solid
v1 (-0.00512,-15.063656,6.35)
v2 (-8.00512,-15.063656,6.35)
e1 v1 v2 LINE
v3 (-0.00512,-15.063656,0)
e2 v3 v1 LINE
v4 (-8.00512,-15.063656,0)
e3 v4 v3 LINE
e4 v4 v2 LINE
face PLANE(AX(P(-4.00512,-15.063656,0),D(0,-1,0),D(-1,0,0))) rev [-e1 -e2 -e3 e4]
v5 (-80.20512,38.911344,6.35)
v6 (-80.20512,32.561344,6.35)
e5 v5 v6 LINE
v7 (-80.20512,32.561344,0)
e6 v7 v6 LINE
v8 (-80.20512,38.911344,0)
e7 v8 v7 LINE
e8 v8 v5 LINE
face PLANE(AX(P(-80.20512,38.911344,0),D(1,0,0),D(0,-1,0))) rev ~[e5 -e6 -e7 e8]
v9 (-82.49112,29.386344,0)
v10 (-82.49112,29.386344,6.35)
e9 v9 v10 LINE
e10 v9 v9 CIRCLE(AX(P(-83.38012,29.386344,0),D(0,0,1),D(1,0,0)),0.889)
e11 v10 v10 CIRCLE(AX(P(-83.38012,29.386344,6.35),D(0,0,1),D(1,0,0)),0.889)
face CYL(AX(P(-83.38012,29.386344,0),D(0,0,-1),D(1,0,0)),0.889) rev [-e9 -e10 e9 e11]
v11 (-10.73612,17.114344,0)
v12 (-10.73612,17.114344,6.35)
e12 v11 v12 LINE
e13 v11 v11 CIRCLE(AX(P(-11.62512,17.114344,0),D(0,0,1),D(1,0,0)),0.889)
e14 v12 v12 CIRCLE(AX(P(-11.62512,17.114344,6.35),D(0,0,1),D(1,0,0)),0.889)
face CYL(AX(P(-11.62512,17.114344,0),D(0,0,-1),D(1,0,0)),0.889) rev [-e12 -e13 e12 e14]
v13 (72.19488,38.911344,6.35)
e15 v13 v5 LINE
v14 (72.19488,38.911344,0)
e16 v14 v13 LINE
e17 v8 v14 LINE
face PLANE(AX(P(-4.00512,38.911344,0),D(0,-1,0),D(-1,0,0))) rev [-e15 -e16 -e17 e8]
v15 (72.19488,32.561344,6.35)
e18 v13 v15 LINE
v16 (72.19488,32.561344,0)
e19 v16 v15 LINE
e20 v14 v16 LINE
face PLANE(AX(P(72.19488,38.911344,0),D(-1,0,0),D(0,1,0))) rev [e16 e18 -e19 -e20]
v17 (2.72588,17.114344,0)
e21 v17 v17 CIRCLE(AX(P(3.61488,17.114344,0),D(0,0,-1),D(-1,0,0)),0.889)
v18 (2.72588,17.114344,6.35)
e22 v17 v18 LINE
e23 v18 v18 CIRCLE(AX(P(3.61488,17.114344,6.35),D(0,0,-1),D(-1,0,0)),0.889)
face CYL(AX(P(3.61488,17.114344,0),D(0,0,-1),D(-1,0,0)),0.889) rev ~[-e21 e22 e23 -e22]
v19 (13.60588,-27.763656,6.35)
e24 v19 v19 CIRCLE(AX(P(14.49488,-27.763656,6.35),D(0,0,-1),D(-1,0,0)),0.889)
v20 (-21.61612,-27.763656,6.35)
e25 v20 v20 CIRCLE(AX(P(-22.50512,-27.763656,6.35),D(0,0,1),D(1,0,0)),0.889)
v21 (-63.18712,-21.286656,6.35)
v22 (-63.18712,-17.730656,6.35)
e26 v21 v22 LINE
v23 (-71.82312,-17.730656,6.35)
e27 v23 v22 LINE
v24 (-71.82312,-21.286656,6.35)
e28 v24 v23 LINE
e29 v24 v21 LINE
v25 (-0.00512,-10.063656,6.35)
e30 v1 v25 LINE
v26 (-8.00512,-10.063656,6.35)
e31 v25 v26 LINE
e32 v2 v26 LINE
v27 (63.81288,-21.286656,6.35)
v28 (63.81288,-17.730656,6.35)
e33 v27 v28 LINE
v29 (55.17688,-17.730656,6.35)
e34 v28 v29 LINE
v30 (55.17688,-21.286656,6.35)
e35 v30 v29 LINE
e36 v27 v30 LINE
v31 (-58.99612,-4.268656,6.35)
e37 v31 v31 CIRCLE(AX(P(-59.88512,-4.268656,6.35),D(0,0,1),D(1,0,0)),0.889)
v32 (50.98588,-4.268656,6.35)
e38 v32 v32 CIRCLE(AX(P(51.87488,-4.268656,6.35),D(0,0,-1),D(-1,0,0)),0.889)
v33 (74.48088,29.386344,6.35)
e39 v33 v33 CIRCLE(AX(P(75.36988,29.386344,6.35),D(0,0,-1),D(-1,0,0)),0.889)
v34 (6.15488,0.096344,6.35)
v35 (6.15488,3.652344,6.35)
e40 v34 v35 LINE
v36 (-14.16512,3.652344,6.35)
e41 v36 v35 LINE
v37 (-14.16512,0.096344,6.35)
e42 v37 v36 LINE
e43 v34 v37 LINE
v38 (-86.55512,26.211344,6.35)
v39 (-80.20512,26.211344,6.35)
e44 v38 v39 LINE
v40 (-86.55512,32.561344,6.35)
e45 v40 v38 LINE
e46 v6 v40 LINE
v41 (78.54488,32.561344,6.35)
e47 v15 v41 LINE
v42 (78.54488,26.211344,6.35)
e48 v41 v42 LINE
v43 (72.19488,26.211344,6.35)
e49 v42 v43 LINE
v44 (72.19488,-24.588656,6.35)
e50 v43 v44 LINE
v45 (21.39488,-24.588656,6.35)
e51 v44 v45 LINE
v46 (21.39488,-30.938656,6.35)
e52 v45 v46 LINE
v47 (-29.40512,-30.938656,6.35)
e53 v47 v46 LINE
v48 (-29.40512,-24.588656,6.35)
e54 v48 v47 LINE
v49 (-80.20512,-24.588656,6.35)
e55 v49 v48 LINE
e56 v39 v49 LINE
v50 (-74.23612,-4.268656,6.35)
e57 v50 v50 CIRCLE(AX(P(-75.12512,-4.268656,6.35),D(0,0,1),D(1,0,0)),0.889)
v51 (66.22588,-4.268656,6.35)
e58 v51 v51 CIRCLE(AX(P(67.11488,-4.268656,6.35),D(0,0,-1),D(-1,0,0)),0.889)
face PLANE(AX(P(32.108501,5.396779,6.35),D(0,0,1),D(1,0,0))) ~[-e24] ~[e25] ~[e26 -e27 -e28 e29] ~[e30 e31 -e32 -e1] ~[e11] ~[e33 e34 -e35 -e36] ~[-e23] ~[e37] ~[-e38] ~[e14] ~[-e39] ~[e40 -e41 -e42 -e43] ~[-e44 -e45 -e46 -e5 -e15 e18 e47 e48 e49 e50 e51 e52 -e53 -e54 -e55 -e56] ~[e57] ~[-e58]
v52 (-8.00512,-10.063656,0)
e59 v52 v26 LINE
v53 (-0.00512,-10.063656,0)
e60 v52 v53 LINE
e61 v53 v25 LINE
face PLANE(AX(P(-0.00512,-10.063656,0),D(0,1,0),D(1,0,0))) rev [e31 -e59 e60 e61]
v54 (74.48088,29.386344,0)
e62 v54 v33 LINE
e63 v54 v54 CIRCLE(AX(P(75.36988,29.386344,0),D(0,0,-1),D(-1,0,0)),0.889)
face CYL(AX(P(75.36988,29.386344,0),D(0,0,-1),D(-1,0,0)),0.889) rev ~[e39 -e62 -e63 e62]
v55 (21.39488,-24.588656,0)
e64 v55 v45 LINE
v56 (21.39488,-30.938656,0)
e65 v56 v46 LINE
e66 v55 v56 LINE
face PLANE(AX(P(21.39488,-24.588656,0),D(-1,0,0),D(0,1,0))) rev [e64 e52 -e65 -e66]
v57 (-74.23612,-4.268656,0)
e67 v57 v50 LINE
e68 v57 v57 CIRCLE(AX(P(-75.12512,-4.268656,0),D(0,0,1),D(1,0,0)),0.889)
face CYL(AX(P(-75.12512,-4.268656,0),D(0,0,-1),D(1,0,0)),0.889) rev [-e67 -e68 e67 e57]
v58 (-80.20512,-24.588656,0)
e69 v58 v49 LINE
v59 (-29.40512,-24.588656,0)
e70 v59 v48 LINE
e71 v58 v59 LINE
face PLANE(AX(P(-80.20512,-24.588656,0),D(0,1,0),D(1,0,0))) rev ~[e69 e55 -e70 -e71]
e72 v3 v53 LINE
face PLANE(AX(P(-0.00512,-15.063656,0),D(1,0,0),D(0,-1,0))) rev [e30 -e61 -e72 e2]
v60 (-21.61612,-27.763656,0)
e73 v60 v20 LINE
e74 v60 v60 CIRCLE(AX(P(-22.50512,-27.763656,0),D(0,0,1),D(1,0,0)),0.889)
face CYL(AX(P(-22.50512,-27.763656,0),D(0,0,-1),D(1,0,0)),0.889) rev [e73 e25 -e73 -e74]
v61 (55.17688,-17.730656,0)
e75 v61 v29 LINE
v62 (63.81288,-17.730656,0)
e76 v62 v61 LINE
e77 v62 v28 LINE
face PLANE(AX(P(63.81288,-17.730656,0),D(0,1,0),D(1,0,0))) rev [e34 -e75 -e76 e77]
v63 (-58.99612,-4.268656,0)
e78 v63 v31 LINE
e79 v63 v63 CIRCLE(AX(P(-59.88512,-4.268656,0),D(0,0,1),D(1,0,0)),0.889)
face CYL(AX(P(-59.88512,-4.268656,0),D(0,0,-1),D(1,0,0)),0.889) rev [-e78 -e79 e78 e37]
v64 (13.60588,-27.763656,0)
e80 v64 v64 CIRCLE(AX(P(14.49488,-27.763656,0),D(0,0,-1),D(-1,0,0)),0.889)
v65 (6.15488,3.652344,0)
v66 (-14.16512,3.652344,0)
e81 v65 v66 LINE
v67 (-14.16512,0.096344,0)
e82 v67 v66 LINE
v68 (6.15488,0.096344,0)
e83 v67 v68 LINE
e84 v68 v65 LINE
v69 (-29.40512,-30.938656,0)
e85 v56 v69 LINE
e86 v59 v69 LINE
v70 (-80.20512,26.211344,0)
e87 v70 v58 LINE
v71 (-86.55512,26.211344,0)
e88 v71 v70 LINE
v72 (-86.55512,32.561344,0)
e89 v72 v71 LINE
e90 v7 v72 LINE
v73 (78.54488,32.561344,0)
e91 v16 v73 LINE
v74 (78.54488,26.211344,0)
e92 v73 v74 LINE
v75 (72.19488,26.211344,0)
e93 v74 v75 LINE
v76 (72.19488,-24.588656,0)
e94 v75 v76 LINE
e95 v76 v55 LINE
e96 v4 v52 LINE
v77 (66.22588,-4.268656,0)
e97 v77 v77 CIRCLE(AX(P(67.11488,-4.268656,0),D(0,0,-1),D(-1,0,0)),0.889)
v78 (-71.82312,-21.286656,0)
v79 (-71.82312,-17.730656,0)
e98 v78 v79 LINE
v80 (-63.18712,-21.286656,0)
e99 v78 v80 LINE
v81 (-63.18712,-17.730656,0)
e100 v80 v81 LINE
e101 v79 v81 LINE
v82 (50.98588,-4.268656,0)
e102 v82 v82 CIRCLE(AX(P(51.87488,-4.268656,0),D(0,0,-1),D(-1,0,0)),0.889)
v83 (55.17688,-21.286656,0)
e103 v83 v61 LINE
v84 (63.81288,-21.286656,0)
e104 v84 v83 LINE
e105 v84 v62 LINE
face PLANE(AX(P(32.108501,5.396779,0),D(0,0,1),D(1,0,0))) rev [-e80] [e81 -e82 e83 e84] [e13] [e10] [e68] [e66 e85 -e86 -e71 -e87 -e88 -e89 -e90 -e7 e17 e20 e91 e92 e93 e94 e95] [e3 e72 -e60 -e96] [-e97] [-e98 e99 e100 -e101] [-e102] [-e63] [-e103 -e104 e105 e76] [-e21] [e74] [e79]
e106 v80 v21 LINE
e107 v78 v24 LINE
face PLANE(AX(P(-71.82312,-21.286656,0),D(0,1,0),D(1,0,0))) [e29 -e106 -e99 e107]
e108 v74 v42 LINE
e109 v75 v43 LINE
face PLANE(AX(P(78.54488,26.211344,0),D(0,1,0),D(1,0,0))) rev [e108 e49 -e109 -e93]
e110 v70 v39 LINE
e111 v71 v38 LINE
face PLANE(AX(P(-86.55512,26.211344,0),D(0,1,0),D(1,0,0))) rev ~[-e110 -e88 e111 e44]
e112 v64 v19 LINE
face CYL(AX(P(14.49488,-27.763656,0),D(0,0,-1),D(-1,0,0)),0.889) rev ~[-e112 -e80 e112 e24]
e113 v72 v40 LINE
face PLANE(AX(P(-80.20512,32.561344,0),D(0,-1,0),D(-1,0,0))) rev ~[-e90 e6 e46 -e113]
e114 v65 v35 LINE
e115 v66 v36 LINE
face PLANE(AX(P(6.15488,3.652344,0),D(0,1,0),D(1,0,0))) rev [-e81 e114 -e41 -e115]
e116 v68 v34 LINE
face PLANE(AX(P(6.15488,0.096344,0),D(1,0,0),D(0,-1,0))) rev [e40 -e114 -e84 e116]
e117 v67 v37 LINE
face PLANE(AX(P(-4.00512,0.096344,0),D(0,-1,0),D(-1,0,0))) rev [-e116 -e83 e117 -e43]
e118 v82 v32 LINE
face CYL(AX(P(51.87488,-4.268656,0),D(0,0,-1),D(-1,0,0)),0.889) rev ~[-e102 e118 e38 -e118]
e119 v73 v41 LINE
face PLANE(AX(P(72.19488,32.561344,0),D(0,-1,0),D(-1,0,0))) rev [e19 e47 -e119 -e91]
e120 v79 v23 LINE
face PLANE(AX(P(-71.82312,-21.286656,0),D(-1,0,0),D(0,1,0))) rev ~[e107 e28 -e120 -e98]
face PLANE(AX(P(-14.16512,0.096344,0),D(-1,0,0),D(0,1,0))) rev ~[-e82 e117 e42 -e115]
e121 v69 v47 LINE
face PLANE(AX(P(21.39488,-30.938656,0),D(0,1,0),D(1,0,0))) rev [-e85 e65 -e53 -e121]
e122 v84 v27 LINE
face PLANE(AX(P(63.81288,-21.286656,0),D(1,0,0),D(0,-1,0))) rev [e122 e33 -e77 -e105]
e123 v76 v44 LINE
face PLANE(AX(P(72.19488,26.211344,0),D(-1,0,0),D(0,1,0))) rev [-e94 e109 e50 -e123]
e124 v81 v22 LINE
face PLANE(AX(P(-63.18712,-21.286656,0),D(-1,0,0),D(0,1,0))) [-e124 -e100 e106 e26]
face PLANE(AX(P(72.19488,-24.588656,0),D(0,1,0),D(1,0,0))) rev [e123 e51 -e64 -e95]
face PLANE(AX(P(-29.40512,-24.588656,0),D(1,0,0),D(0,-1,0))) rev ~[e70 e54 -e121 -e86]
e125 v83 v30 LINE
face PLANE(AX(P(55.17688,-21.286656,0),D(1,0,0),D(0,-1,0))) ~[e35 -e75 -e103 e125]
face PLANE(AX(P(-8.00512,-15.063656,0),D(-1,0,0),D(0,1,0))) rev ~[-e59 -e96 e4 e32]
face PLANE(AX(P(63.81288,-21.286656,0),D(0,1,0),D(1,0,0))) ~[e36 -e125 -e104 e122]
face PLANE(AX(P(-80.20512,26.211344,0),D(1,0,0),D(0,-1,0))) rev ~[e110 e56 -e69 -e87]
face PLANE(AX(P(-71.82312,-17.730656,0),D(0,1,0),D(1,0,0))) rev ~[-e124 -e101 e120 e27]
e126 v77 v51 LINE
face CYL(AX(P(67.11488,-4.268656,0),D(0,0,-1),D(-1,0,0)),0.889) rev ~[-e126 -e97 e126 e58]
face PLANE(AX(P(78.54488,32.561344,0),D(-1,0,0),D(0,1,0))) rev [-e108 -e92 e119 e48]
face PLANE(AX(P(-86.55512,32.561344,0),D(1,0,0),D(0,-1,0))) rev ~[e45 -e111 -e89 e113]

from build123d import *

# Parameters (mm, degrees)
SKETCH1_R           = 0.889
SKETCH1_W           = 8.636
SKETCH1_H           = 3.556
BOSS_EXTRUDE1_DEPTH = 6.35


with BuildPart() as part:
    # Sketch1 → Boss-Extrude1 (new body)
    with BuildSketch(Plane.XY):
        Polygon((-4.005119969, -10.063655938), (-4.005119969, 0.096344062), (-14.165119969, 0.096344062), (-14.165119969, 3.652344062), (-4.005119969, 3.652344062), (-4.005119969, 38.911344062), (-80.205119969, 38.911344062), (-80.205119969, 32.561344062), (-86.555119969, 32.561344062), (-86.555119969, 26.211344062), (-80.205119969, 26.211344062), (-80.205119969, -24.588655938), (-29.405119969, -24.588655938), (-29.405119969, -30.938655938), (-4.005119969, -30.938655938), (-4.005119969, -15.063655938), (-8.005119969, -15.063655938), (-8.005119969, -10.063655938), align=None)
        with Locations((-83.380119969, 29.386344062)):
            Circle(SKETCH1_R, mode=Mode.SUBTRACT)
        with Locations((-75.125119969, -4.268655938)):
            Circle(SKETCH1_R, mode=Mode.SUBTRACT)
        with Locations((-22.505119969, -27.763655938)):
            Circle(SKETCH1_R, mode=Mode.SUBTRACT)
        with Locations((-59.885119969, -4.268655938)):
            Circle(SKETCH1_R, mode=Mode.SUBTRACT)
        with Locations((-11.625119969, 17.114344062)):
            Circle(SKETCH1_R, mode=Mode.SUBTRACT)
        with Locations((-67.505119969, -19.508655938)):
            Rectangle(SKETCH1_W, SKETCH1_H, mode=Mode.SUBTRACT)
    boss_extrude1 = extrude(amount=BOSS_EXTRUDE1_DEPTH)

    # Mirror1: Boss-Extrude1 across plane
    add(boss_extrude1.mirror(Plane(origin=(-4.005119969, -10.063655938, 6.35), x_dir=(0, 0, 1), z_dir=(-1, 0, 0))))


solid = part.part
